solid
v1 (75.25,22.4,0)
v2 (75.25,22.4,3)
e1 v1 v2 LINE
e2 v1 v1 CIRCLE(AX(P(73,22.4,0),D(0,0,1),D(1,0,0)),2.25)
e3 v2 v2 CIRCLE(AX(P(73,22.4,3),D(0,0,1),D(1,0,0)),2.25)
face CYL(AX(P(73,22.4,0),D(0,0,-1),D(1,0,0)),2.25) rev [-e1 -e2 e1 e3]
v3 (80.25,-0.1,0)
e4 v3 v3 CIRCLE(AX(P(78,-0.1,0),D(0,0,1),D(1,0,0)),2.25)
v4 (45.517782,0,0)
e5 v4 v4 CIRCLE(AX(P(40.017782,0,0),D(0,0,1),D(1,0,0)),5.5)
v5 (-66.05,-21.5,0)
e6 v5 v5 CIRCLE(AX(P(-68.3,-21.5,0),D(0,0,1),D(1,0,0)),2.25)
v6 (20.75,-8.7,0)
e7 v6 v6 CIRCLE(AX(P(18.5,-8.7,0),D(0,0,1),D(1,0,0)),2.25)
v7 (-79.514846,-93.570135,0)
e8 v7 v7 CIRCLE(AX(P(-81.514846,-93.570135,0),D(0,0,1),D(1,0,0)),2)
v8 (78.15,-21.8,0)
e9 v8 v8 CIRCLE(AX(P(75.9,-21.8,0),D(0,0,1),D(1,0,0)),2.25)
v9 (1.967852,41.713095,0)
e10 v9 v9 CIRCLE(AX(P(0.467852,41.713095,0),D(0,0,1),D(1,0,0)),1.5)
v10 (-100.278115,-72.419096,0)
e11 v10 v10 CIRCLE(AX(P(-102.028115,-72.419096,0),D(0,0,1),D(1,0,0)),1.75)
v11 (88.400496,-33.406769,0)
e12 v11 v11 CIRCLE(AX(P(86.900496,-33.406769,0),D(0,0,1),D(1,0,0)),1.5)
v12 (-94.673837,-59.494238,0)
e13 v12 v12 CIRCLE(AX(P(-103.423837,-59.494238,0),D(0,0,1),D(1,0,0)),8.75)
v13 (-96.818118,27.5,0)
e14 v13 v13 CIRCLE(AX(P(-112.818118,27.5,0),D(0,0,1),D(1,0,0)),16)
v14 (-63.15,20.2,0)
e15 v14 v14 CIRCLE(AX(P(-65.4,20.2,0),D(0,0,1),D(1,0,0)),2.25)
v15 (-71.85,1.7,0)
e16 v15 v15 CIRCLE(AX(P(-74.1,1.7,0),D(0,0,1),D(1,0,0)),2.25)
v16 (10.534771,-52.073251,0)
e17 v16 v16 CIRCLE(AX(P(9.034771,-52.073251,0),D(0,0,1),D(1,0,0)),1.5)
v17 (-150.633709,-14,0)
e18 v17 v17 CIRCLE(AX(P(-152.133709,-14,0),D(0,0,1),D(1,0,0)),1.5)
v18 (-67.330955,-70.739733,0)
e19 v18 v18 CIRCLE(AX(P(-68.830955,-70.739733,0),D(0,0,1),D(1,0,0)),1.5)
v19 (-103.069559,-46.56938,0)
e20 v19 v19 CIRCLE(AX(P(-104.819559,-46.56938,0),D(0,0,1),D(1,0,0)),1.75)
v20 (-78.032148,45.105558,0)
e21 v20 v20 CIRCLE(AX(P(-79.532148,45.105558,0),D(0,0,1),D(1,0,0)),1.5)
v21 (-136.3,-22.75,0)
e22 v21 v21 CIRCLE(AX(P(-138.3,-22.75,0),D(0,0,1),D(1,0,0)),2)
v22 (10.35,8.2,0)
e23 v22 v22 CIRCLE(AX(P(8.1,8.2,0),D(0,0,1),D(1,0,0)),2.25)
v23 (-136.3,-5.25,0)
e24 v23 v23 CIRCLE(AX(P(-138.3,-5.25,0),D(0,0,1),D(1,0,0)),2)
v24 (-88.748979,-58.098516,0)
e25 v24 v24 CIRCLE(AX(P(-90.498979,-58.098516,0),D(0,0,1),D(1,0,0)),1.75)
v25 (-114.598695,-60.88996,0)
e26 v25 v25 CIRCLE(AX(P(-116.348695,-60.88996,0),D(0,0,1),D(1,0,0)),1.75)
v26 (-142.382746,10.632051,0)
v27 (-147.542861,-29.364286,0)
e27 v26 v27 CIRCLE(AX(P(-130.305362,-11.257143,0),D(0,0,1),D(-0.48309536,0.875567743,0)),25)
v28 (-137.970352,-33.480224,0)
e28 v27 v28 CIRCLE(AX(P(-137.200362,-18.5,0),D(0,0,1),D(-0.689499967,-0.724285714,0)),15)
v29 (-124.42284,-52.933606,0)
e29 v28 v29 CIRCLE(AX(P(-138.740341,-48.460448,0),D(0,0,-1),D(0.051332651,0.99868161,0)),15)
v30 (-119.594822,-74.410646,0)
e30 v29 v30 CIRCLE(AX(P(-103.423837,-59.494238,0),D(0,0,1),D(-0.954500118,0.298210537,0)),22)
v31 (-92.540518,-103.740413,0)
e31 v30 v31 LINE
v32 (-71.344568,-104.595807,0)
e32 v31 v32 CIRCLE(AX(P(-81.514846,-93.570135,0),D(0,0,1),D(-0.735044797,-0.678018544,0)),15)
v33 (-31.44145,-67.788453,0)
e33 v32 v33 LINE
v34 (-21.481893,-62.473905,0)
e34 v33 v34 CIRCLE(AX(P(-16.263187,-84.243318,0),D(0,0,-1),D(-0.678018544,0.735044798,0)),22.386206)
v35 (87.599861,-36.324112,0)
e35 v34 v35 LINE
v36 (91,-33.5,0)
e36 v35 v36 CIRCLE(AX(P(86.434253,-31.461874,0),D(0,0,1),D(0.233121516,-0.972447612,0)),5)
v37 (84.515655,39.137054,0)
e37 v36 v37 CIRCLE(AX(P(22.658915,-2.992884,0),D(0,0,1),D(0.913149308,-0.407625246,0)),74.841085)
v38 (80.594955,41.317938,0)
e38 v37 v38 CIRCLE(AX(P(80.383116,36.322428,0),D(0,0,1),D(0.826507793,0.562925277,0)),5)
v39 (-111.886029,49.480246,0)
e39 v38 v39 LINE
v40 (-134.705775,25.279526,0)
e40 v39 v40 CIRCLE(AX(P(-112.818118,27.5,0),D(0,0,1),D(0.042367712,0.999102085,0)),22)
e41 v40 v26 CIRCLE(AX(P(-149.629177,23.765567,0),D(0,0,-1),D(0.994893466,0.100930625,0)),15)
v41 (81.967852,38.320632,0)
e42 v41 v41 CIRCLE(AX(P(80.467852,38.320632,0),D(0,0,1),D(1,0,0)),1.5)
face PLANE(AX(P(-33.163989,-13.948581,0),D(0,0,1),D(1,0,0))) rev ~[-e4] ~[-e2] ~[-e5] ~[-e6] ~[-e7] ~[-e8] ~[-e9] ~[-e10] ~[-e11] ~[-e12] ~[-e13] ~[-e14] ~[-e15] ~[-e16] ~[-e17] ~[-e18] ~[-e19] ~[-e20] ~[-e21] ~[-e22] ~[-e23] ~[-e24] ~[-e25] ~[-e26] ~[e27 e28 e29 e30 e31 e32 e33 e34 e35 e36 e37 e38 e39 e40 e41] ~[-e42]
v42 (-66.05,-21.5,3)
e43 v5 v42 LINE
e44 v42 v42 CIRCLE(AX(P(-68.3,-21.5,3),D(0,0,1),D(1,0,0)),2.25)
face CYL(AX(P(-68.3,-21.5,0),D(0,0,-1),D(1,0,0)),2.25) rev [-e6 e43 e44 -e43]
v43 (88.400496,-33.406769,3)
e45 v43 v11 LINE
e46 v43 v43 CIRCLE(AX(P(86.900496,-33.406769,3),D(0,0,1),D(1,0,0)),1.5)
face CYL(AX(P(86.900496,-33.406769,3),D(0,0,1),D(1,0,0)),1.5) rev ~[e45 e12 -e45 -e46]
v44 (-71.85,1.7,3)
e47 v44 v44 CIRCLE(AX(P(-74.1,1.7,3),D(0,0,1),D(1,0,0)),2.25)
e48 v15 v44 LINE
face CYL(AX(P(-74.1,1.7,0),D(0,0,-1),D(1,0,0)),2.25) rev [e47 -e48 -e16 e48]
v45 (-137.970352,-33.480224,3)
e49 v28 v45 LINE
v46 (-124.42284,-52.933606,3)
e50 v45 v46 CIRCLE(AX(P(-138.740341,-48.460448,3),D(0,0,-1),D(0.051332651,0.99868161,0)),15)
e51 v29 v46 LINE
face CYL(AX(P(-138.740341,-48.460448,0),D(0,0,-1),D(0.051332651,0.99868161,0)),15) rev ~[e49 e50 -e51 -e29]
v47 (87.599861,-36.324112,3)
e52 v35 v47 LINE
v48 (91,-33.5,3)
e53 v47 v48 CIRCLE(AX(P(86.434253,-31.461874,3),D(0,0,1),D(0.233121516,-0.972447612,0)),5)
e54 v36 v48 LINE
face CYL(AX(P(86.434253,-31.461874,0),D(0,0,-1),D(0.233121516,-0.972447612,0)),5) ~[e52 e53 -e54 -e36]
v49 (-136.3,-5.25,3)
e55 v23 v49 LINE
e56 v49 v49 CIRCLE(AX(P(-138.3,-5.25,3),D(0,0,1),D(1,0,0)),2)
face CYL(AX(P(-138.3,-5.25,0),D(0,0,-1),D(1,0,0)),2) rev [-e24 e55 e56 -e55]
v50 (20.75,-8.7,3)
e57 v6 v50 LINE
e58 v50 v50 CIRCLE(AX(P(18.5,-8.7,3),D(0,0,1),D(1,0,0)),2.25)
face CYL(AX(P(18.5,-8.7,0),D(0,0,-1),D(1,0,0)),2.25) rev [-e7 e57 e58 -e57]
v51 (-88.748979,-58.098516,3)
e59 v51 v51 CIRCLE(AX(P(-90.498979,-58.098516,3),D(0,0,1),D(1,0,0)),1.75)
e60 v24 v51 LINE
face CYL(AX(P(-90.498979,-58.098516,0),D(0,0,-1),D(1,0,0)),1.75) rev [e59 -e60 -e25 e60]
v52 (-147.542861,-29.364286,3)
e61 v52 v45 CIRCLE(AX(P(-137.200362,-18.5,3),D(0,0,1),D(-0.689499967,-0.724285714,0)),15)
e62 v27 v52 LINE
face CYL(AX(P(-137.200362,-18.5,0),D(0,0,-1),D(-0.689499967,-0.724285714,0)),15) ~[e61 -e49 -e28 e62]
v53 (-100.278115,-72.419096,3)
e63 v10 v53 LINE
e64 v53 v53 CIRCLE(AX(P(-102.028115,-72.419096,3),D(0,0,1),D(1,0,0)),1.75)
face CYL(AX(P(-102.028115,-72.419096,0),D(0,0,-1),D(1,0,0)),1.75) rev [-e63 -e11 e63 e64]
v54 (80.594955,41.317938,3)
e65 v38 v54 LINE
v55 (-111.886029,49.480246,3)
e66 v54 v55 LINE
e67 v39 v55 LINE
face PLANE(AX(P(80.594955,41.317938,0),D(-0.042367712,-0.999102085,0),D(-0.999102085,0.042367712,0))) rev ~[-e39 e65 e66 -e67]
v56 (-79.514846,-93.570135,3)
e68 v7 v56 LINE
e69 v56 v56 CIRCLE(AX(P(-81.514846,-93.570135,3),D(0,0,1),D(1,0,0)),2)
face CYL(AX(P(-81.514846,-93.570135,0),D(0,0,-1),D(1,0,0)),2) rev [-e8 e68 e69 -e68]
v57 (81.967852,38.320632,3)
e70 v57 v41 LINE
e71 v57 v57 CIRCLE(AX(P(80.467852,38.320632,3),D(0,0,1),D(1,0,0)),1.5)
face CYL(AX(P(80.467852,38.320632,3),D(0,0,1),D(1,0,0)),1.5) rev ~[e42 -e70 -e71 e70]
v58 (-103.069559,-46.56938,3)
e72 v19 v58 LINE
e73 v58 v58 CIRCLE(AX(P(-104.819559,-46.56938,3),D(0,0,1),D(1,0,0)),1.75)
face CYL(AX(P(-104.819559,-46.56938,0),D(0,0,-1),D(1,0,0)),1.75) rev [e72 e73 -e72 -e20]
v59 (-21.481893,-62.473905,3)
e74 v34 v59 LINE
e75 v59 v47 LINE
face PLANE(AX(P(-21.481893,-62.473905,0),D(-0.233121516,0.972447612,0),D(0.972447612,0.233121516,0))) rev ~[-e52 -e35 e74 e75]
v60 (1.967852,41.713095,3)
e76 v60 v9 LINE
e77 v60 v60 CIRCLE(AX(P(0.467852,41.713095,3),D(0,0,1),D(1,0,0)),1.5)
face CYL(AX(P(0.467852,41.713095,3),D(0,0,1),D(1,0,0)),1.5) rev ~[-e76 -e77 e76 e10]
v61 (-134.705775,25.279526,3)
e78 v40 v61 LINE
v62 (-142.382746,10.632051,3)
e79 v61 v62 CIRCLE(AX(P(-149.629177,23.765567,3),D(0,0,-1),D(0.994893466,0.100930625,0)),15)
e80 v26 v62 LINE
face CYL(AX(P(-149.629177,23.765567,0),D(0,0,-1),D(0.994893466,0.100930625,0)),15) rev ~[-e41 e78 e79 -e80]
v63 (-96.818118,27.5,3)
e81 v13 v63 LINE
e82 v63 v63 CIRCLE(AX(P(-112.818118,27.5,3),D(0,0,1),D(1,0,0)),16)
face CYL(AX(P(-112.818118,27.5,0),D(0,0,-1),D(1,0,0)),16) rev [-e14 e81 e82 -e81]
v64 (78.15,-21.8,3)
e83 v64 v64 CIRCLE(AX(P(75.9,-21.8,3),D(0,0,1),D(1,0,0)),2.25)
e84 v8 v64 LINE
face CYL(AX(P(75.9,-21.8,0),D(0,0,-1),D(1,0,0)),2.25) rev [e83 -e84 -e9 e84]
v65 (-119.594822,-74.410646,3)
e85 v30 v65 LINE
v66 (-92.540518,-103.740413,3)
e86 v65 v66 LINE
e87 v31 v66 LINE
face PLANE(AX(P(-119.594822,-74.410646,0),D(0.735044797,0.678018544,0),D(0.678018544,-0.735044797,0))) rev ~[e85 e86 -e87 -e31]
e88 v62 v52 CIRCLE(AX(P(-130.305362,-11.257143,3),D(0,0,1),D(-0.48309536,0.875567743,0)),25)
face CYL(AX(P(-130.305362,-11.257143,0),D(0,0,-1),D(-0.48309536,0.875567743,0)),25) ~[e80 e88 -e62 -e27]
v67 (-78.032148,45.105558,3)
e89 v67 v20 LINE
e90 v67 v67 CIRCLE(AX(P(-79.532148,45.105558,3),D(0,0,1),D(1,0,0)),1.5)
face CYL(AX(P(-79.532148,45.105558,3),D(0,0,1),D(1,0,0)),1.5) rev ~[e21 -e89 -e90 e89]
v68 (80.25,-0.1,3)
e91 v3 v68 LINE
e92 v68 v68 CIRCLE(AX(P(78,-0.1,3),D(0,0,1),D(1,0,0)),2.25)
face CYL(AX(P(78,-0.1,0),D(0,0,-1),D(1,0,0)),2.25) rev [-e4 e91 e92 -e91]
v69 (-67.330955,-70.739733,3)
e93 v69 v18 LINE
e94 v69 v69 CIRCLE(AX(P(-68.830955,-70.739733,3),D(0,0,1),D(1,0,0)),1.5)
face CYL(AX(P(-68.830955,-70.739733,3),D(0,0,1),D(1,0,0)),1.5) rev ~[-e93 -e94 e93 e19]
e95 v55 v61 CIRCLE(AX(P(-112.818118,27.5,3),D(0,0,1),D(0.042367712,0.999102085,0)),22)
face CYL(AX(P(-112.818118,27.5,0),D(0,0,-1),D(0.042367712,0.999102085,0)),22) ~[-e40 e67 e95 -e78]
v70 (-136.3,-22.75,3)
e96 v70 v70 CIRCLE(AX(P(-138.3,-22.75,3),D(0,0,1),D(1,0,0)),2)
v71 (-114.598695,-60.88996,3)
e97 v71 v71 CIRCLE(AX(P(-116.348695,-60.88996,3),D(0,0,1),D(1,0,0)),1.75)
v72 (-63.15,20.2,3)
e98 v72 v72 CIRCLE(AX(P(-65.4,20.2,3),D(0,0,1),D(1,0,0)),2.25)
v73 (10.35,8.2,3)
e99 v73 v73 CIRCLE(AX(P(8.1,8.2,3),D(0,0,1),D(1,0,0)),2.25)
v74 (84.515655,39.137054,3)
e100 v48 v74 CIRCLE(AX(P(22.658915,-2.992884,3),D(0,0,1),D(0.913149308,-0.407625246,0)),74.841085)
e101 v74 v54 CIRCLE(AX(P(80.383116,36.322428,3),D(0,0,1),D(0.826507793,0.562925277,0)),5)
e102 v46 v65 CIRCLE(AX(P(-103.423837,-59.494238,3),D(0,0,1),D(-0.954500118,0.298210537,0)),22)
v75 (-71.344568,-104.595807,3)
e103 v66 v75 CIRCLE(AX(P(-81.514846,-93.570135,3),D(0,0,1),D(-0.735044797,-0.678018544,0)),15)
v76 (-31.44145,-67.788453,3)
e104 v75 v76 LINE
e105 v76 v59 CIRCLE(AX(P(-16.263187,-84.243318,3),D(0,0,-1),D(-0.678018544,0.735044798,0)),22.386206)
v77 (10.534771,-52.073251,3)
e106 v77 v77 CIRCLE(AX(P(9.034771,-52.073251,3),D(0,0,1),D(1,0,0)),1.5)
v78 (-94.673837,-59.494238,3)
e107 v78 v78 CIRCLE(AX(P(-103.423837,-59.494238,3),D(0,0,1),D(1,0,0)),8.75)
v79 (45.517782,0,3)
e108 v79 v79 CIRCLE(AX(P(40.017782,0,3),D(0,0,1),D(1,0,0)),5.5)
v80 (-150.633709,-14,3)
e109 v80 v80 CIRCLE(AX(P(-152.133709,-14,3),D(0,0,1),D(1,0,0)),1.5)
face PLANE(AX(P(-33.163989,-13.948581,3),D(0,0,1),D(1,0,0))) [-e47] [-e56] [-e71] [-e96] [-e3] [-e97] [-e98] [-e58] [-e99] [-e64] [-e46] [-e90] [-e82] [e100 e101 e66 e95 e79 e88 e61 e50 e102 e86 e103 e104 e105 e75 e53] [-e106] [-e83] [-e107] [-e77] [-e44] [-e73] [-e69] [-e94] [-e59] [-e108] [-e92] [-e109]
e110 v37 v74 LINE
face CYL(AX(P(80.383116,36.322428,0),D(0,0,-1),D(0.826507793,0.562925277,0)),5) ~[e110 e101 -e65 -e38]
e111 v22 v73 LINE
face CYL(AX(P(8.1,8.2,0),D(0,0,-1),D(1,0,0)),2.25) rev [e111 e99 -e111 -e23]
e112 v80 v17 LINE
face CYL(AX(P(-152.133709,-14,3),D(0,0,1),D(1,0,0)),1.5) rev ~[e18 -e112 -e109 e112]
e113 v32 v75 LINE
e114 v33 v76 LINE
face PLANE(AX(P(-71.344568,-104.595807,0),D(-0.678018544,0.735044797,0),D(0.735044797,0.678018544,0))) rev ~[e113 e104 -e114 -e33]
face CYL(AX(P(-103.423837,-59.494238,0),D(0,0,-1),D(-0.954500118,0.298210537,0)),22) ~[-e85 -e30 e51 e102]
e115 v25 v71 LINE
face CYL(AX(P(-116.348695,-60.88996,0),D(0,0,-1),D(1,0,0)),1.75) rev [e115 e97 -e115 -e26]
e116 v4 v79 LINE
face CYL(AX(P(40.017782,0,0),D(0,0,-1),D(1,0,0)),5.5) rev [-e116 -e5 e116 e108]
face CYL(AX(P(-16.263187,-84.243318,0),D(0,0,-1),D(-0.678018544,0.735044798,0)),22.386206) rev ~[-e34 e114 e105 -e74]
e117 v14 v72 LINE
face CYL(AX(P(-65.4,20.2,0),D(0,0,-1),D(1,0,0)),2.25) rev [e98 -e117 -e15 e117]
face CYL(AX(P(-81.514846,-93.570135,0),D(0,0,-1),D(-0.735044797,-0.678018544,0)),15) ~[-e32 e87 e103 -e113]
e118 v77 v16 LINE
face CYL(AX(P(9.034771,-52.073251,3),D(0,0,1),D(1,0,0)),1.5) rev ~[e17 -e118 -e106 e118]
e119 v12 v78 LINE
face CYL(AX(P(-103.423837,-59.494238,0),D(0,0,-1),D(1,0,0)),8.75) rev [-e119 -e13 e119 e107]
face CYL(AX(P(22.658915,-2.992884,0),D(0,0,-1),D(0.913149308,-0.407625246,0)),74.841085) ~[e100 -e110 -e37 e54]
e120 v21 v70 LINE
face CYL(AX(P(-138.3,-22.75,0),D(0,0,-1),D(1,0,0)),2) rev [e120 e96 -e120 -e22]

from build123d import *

# Parameters (mm, degrees)
SKETCH1_R           = 2
SKETCH1_R_2         = 2.25
SKETCH1_R_3         = 16
SKETCH1_R_4         = 5.5
SKETCH1_R_5         = 1.75
SKETCH1_R_6         = 8.75
BOSS_EXTRUDE1_DEPTH = 3
SKETCH2_R           = 1.5
CUT_EXTRUDE1_DEPTH  = 190.515777006


with BuildPart() as part:
    # Sketch1 → Boss-Extrude1 (new body)
    with BuildSketch(Plane.XY):
        with BuildLine():
            ThreePointArc((-111.886028634, 49.480245878), (-128.824449864, 42.592956949), (-134.705774542, 25.279526249))
            ThreePointArc((-134.705774542, 25.279526249), (-136.343375771, 16.802270376), (-142.382746132, 10.632050724))
            ThreePointArc((-142.382746132, 10.632050724), (-155.099864059, -8.058287742), (-147.542861296, -29.364285714))
            ThreePointArc((-147.542861296, -29.364285714), (-143.125485566, -32.280163581), (-137.970351553, -33.480224156))
            ThreePointArc((-137.970351553, -33.480224156), (-126.431132561, -39.888203569), (-124.422839539, -52.93360637))
            ThreePointArc((-124.422839539, -52.93360637), (-124.888175134, -64.31939994), (-119.594822483, -74.410646153))
            Line((-119.594822483, -74.410646153), (-92.540517723, -103.740413224))
            ThreePointArc((-92.540517723, -103.740413224), (-82.119700521, -108.557935129), (-71.344567605, -104.595807028))
            Line((-71.344567605, -104.595807028), (-31.441449774, -67.788453323))
            ThreePointArc((-31.441449774, -67.788453323), (-26.802171393, -64.493076397), (-21.481893225, -62.473904985))
            Line((-21.481893225, -62.473904985), (87.599861039, -36.324111832))
            ThreePointArc((87.599861039, -36.324111832), (89.628937626, -35.308169791), (91, -33.5))
            ThreePointArc((91, -33.5), (97.203558128, 3.661751943), (84.51565505, 39.137054004))
            ThreePointArc((84.51565505, 39.137054004), (82.813644384, 40.69192784), (80.594954641, 41.317938046))
            Line((80.594954641, 41.317938046), (-111.886028634, 49.480245878))
        make_face()
        with Locations((-81.514845762, -93.570135067)):
            Circle(SKETCH1_R, mode=Mode.SUBTRACT)
        with Locations((-138.3, -22.75)):
            Circle(SKETCH1_R, mode=Mode.SUBTRACT)
        with Locations((-138.3, -5.25)):
            Circle(SKETCH1_R, mode=Mode.SUBTRACT)
        with Locations((-68.3, -21.5)):
            Circle(SKETCH1_R_2, mode=Mode.SUBTRACT)
        with Locations((-74.1, 1.7)):
            Circle(SKETCH1_R_2, mode=Mode.SUBTRACT)
        with Locations((-112.818118288, 27.5)):
            Circle(SKETCH1_R_3, mode=Mode.SUBTRACT)
        with Locations((-65.4, 20.2)):
            Circle(SKETCH1_R_2, mode=Mode.SUBTRACT)
        with Locations((18.5, -8.7)):
            Circle(SKETCH1_R_2, mode=Mode.SUBTRACT)
        with Locations((8.1, 8.2)):
            Circle(SKETCH1_R_2, mode=Mode.SUBTRACT)
        with Locations((75.9, -21.8)):
            Circle(SKETCH1_R_2, mode=Mode.SUBTRACT)
        with Locations((40.017782272, 0)):
            Circle(SKETCH1_R_4, mode=Mode.SUBTRACT)
        with Locations((78, -0.1)):
            Circle(SKETCH1_R_2, mode=Mode.SUBTRACT)
        with Locations((73, 22.4)):
            Circle(SKETCH1_R_2, mode=Mode.SUBTRACT)
        with Locations((-90.498978695, -58.098516388)):
            Circle(SKETCH1_R_5, mode=Mode.SUBTRACT)
        with Locations((-102.02811514, -72.419096433)):
            Circle(SKETCH1_R_5, mode=Mode.SUBTRACT)
        with Locations((-116.348695186, -60.889959988)):
            Circle(SKETCH1_R_5, mode=Mode.SUBTRACT)
        with Locations((-103.42383694, -59.494238188)):
            Circle(SKETCH1_R_6, mode=Mode.SUBTRACT)
        with Locations((-104.819558741, -46.569379943)):
            Circle(SKETCH1_R_5, mode=Mode.SUBTRACT)
    extrude(amount=BOSS_EXTRUDE1_DEPTH)

    # Sketch2 → Cut-Extrude1 (cut, through all)
    with BuildSketch(Plane.XY.offset(3)):
        with Locations((80.467851506, 38.32063179)):
            Circle(SKETCH2_R)
        with Locations((0.467851506, 41.713094856)):
            Circle(SKETCH2_R)
        with Locations((-79.532148494, 45.105557921)):
            Circle(SKETCH2_R)
        with Locations((86.900496491, -33.406768995)):
            Circle(SKETCH2_R)
        with Locations((9.034770729, -52.073251177)):
            Circle(SKETCH2_R)
        with Locations((-152.133709173, -14)):
            Circle(SKETCH2_R)
        with Locations((-68.830955034, -70.73973336)):
            Circle(SKETCH2_R)
    extrude(amount=-CUT_EXTRUDE1_DEPTH, mode=Mode.SUBTRACT)


solid = part.part
